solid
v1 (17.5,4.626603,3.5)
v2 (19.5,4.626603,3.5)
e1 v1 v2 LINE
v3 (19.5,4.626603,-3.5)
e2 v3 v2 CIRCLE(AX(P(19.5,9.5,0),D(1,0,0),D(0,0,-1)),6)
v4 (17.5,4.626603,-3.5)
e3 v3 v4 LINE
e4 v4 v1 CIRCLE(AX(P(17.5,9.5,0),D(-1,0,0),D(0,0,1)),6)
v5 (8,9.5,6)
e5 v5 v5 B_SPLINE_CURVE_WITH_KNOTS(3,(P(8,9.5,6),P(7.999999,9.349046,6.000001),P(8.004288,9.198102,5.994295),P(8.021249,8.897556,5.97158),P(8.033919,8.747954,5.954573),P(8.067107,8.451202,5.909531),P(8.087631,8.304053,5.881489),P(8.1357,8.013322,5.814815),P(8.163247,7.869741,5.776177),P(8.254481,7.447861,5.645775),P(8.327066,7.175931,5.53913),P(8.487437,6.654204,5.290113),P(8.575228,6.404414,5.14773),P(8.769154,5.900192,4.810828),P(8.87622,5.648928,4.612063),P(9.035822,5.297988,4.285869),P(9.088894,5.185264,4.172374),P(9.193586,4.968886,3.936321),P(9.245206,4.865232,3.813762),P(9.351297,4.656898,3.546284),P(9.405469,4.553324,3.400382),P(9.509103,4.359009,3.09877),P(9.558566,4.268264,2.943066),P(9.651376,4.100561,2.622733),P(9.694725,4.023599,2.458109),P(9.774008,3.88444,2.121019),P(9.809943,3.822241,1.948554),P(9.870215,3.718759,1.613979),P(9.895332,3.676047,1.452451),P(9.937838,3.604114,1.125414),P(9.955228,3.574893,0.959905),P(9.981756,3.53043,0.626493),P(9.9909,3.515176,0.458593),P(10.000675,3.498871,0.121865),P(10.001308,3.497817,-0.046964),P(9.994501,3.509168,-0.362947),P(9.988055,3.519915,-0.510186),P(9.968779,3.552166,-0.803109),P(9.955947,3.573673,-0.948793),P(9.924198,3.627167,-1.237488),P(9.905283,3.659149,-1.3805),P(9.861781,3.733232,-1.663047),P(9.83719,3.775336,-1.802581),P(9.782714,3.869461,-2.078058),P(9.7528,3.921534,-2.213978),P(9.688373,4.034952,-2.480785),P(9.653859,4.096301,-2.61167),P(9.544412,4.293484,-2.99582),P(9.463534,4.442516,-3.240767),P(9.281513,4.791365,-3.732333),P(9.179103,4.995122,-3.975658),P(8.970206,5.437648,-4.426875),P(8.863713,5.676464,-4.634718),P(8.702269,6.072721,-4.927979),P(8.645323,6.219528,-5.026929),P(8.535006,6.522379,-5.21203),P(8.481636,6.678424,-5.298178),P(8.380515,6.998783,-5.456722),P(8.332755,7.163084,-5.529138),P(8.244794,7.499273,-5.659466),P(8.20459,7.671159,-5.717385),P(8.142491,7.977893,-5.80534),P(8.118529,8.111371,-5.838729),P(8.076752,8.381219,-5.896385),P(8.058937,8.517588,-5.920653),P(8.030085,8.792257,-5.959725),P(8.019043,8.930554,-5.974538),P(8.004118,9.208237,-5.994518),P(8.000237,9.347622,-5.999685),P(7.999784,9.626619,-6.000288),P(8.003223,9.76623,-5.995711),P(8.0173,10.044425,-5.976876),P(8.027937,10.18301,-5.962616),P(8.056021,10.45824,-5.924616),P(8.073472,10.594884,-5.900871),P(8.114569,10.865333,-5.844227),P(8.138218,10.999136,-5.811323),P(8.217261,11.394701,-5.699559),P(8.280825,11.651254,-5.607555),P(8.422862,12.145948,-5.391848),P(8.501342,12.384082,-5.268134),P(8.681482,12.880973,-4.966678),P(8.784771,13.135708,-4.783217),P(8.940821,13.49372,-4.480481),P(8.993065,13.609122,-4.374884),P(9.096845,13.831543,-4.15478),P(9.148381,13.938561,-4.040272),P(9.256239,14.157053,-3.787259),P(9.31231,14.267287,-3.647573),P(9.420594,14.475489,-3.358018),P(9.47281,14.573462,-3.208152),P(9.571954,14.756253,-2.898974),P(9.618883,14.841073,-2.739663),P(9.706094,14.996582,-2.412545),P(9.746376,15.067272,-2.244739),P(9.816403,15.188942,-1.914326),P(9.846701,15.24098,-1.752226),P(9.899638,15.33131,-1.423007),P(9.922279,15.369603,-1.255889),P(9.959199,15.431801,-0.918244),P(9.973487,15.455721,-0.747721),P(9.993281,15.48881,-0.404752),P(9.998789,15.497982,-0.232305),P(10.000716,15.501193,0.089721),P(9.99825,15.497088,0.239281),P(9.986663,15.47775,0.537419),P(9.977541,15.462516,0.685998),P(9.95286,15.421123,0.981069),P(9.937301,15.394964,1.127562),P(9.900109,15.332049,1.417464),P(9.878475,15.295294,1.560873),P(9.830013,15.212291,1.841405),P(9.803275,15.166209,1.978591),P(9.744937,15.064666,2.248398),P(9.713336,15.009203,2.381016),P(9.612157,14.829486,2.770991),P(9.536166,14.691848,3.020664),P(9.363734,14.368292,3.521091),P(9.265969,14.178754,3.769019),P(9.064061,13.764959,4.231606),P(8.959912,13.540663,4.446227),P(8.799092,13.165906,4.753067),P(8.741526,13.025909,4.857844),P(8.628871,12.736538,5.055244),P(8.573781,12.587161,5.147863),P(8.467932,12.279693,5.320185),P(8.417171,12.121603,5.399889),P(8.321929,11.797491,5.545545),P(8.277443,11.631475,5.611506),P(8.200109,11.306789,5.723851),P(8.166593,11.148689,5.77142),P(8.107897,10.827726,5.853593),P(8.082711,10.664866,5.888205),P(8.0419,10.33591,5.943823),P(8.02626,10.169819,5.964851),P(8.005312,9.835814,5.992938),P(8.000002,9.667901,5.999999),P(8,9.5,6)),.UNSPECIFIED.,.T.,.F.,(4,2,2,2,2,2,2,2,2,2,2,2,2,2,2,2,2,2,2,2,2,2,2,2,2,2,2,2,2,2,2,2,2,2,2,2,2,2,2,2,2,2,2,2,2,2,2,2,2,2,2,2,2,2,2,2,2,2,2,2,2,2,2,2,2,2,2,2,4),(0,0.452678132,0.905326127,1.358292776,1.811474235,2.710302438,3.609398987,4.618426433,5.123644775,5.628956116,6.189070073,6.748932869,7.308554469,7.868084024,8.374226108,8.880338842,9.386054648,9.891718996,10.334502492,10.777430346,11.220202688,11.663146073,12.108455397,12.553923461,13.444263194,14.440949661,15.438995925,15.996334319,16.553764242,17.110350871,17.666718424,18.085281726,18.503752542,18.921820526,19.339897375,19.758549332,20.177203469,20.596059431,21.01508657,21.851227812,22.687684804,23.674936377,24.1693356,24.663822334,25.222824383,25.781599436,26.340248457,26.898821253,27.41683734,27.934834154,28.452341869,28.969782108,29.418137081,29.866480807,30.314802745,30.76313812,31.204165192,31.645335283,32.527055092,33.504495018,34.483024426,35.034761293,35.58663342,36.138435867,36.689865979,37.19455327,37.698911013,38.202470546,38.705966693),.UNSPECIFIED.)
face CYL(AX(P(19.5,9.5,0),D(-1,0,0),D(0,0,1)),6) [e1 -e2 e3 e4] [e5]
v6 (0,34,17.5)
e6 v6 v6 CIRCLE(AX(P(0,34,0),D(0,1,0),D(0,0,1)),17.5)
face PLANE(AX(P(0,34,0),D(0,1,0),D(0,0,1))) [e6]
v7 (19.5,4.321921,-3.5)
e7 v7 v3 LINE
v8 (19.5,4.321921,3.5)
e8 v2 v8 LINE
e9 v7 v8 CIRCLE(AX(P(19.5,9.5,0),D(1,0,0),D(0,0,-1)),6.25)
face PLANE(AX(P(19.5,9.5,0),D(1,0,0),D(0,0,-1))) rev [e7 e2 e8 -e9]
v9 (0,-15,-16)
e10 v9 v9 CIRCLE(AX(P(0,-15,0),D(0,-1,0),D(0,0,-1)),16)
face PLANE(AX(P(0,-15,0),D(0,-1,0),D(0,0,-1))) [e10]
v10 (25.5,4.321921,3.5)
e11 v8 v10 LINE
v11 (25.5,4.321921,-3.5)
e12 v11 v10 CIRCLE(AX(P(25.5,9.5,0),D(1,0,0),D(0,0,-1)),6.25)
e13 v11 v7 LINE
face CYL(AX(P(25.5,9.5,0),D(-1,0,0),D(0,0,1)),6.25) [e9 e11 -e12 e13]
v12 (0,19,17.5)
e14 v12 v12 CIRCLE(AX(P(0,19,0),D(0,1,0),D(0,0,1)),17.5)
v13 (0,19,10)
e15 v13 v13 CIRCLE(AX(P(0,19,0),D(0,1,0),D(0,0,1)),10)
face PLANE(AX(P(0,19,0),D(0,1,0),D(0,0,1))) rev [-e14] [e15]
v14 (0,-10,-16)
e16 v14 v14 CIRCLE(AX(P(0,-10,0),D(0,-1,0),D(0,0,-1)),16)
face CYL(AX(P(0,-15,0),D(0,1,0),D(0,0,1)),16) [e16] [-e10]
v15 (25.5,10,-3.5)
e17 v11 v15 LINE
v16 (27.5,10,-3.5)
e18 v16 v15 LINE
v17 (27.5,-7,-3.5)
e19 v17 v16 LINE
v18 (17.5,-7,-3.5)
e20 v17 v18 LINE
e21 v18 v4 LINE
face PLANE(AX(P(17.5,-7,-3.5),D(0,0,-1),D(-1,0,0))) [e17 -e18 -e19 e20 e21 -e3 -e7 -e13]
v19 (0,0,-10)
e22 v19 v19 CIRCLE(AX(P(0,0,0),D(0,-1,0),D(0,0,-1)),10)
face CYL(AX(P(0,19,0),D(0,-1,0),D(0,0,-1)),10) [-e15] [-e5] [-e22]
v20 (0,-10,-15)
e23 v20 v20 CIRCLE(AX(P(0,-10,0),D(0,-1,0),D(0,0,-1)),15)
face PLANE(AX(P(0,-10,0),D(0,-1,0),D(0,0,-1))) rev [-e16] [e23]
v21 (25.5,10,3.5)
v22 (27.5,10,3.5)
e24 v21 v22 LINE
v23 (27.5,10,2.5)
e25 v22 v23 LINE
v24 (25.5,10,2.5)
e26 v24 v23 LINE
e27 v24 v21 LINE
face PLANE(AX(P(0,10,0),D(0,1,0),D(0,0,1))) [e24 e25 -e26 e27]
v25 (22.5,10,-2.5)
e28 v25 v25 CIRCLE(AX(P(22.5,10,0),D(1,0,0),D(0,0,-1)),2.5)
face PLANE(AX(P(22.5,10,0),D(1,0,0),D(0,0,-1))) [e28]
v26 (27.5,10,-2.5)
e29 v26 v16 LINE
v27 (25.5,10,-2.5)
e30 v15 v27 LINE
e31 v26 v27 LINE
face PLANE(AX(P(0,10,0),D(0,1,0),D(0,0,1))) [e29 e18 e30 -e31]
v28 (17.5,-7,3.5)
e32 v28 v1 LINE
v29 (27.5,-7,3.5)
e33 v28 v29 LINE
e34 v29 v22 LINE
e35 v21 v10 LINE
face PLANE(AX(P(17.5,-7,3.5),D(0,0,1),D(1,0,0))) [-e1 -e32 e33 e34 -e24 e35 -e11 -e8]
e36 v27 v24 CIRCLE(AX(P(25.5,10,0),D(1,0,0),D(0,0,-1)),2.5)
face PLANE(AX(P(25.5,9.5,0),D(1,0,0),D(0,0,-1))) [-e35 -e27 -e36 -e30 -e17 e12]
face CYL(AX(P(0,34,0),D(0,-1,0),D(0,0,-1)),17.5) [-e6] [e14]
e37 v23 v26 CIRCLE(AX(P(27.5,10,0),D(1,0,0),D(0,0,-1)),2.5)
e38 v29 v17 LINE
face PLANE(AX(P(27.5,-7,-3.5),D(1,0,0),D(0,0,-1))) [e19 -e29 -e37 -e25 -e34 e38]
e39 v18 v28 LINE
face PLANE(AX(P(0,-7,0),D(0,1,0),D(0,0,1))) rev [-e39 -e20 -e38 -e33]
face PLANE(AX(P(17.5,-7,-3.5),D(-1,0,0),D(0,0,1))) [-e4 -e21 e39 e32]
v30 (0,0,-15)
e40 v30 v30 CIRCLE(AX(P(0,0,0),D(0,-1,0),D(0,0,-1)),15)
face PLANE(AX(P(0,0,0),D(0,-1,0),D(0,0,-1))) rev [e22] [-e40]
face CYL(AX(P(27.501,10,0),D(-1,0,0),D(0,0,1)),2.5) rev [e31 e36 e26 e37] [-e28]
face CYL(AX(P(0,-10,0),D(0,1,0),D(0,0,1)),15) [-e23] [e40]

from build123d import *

# Parameters (mm, degrees)
SKETCH1_R                      = 10
BOSS_EXTRUDE1_DEPTH            = 19
SKETCH2_R                      = 6
BOSS_EXTRUDE2_DEPTH            = 19.5
SKETCH7_R                      = 15
BOSS_EXTRUDE9_DEPTH            = 10
SKETCH9_R                      = 16
BOSS_EXTRUDE10_DEPTH           = 5
SKETCH10_R                     = 17.5
BOSS_EXTRUDE11_DEPTH           = 15
SKETCH11_R                     = 6.25
BOSS_EXTRUDE12_DEPTH           = 6
SKETCH12_W                     = 10
SKETCH12_H                     = 7
BOSS_EXTRUDE13_DEPTH           = 10
BOSS_EXTRUDE13_DEPTH_BACK      = 7
SKETCH13_R                     = 2.5
CUT_EXTRUDE1_DEPTH             = 3
CUT_EXTRUDE1_DIRECTION_2_REACH = 4


with BuildPart() as part:
    # Sketch1 → Boss-Extrude1 (new body)
    with BuildSketch(Plane(origin=(0, 0, 0), x_dir=(1, 0, 0), z_dir=(0, 1, 0))):
        Circle(SKETCH1_R)
    extrude(amount=BOSS_EXTRUDE1_DEPTH)

    # Sketch2 → Boss-Extrude2 (add)
    with BuildSketch(Plane(origin=(0, 0, 0), x_dir=(0, 0, -1), z_dir=(1, 0, 0))):
        with Locations((0, 9.5)):
            Circle(SKETCH2_R)
    extrude(amount=BOSS_EXTRUDE2_DEPTH)

    # Sketch7 → Boss-Extrude9 (add)
    with BuildSketch(Plane.XZ):
        Circle(SKETCH7_R)
    extrude(amount=BOSS_EXTRUDE9_DEPTH)

    # Sketch9 → Boss-Extrude10 (add)
    with BuildSketch(Plane.XZ.offset(10)):
        Circle(SKETCH9_R)
    extrude(amount=BOSS_EXTRUDE10_DEPTH)

    # Sketch10 → Boss-Extrude11 (add)
    with BuildSketch(Plane(origin=(0, 19, 0), x_dir=(1, 0, 0), z_dir=(0, 1, 0))):
        Circle(SKETCH10_R)
    extrude(amount=BOSS_EXTRUDE11_DEPTH)

    # Sketch11 → Boss-Extrude12 (add)
    with BuildSketch(Plane(origin=(19.5, 0, 0), x_dir=(0, 0, -1), z_dir=(1, 0, 0))):
        with Locations((0, 9.5)):
            Circle(SKETCH11_R)
    extrude(amount=BOSS_EXTRUDE12_DEPTH)

    # Sketch12 → Boss-Extrude13 (add, two sides)
    with BuildSketch(Plane(origin=(0, 0, 0), x_dir=(1, 0, 0), z_dir=(0, 1, 0))) as boss_extrude13_sk:
        with Locations((22.5, 0)):
            Rectangle(SKETCH12_W, SKETCH12_H)
    extrude(amount=BOSS_EXTRUDE13_DEPTH)
    extrude(boss_extrude13_sk.sketch, amount=-BOSS_EXTRUDE13_DEPTH_BACK)

    # Sketch13 → Cut-Extrude1 (cut)
    with BuildSketch(Plane(origin=(25.5, 0, 0), x_dir=(0, 0, -1), z_dir=(1, 0, 0))):
        with Locations((0, 10)):
            Circle(SKETCH13_R)
    extrude(amount=-CUT_EXTRUDE1_DEPTH, mode=Mode.SUBTRACT)

    # Sketch13 → Cut-Extrude1 direction 2 (cut, up to next)
    with BuildSketch(Plane(origin=(25.5, 0, 0), x_dir=(0, 0, -1), z_dir=(1, 0, 0)), mode=Mode.PRIVATE) as cut_extrude1_direction_2_sk1:
        with Locations((0, 10)):
            Circle(SKETCH13_R)
    cut_extrude1_direction_2_tool1 = extrude(cut_extrude1_direction_2_sk1.sketch, amount=CUT_EXTRUDE1_DIRECTION_2_REACH, mode=Mode.PRIVATE) & part.part
    add(cut_extrude1_direction_2_tool1.solids().sort_by_distance((25.5, 10, 0))[0], mode=Mode.SUBTRACT)


solid = part.part
